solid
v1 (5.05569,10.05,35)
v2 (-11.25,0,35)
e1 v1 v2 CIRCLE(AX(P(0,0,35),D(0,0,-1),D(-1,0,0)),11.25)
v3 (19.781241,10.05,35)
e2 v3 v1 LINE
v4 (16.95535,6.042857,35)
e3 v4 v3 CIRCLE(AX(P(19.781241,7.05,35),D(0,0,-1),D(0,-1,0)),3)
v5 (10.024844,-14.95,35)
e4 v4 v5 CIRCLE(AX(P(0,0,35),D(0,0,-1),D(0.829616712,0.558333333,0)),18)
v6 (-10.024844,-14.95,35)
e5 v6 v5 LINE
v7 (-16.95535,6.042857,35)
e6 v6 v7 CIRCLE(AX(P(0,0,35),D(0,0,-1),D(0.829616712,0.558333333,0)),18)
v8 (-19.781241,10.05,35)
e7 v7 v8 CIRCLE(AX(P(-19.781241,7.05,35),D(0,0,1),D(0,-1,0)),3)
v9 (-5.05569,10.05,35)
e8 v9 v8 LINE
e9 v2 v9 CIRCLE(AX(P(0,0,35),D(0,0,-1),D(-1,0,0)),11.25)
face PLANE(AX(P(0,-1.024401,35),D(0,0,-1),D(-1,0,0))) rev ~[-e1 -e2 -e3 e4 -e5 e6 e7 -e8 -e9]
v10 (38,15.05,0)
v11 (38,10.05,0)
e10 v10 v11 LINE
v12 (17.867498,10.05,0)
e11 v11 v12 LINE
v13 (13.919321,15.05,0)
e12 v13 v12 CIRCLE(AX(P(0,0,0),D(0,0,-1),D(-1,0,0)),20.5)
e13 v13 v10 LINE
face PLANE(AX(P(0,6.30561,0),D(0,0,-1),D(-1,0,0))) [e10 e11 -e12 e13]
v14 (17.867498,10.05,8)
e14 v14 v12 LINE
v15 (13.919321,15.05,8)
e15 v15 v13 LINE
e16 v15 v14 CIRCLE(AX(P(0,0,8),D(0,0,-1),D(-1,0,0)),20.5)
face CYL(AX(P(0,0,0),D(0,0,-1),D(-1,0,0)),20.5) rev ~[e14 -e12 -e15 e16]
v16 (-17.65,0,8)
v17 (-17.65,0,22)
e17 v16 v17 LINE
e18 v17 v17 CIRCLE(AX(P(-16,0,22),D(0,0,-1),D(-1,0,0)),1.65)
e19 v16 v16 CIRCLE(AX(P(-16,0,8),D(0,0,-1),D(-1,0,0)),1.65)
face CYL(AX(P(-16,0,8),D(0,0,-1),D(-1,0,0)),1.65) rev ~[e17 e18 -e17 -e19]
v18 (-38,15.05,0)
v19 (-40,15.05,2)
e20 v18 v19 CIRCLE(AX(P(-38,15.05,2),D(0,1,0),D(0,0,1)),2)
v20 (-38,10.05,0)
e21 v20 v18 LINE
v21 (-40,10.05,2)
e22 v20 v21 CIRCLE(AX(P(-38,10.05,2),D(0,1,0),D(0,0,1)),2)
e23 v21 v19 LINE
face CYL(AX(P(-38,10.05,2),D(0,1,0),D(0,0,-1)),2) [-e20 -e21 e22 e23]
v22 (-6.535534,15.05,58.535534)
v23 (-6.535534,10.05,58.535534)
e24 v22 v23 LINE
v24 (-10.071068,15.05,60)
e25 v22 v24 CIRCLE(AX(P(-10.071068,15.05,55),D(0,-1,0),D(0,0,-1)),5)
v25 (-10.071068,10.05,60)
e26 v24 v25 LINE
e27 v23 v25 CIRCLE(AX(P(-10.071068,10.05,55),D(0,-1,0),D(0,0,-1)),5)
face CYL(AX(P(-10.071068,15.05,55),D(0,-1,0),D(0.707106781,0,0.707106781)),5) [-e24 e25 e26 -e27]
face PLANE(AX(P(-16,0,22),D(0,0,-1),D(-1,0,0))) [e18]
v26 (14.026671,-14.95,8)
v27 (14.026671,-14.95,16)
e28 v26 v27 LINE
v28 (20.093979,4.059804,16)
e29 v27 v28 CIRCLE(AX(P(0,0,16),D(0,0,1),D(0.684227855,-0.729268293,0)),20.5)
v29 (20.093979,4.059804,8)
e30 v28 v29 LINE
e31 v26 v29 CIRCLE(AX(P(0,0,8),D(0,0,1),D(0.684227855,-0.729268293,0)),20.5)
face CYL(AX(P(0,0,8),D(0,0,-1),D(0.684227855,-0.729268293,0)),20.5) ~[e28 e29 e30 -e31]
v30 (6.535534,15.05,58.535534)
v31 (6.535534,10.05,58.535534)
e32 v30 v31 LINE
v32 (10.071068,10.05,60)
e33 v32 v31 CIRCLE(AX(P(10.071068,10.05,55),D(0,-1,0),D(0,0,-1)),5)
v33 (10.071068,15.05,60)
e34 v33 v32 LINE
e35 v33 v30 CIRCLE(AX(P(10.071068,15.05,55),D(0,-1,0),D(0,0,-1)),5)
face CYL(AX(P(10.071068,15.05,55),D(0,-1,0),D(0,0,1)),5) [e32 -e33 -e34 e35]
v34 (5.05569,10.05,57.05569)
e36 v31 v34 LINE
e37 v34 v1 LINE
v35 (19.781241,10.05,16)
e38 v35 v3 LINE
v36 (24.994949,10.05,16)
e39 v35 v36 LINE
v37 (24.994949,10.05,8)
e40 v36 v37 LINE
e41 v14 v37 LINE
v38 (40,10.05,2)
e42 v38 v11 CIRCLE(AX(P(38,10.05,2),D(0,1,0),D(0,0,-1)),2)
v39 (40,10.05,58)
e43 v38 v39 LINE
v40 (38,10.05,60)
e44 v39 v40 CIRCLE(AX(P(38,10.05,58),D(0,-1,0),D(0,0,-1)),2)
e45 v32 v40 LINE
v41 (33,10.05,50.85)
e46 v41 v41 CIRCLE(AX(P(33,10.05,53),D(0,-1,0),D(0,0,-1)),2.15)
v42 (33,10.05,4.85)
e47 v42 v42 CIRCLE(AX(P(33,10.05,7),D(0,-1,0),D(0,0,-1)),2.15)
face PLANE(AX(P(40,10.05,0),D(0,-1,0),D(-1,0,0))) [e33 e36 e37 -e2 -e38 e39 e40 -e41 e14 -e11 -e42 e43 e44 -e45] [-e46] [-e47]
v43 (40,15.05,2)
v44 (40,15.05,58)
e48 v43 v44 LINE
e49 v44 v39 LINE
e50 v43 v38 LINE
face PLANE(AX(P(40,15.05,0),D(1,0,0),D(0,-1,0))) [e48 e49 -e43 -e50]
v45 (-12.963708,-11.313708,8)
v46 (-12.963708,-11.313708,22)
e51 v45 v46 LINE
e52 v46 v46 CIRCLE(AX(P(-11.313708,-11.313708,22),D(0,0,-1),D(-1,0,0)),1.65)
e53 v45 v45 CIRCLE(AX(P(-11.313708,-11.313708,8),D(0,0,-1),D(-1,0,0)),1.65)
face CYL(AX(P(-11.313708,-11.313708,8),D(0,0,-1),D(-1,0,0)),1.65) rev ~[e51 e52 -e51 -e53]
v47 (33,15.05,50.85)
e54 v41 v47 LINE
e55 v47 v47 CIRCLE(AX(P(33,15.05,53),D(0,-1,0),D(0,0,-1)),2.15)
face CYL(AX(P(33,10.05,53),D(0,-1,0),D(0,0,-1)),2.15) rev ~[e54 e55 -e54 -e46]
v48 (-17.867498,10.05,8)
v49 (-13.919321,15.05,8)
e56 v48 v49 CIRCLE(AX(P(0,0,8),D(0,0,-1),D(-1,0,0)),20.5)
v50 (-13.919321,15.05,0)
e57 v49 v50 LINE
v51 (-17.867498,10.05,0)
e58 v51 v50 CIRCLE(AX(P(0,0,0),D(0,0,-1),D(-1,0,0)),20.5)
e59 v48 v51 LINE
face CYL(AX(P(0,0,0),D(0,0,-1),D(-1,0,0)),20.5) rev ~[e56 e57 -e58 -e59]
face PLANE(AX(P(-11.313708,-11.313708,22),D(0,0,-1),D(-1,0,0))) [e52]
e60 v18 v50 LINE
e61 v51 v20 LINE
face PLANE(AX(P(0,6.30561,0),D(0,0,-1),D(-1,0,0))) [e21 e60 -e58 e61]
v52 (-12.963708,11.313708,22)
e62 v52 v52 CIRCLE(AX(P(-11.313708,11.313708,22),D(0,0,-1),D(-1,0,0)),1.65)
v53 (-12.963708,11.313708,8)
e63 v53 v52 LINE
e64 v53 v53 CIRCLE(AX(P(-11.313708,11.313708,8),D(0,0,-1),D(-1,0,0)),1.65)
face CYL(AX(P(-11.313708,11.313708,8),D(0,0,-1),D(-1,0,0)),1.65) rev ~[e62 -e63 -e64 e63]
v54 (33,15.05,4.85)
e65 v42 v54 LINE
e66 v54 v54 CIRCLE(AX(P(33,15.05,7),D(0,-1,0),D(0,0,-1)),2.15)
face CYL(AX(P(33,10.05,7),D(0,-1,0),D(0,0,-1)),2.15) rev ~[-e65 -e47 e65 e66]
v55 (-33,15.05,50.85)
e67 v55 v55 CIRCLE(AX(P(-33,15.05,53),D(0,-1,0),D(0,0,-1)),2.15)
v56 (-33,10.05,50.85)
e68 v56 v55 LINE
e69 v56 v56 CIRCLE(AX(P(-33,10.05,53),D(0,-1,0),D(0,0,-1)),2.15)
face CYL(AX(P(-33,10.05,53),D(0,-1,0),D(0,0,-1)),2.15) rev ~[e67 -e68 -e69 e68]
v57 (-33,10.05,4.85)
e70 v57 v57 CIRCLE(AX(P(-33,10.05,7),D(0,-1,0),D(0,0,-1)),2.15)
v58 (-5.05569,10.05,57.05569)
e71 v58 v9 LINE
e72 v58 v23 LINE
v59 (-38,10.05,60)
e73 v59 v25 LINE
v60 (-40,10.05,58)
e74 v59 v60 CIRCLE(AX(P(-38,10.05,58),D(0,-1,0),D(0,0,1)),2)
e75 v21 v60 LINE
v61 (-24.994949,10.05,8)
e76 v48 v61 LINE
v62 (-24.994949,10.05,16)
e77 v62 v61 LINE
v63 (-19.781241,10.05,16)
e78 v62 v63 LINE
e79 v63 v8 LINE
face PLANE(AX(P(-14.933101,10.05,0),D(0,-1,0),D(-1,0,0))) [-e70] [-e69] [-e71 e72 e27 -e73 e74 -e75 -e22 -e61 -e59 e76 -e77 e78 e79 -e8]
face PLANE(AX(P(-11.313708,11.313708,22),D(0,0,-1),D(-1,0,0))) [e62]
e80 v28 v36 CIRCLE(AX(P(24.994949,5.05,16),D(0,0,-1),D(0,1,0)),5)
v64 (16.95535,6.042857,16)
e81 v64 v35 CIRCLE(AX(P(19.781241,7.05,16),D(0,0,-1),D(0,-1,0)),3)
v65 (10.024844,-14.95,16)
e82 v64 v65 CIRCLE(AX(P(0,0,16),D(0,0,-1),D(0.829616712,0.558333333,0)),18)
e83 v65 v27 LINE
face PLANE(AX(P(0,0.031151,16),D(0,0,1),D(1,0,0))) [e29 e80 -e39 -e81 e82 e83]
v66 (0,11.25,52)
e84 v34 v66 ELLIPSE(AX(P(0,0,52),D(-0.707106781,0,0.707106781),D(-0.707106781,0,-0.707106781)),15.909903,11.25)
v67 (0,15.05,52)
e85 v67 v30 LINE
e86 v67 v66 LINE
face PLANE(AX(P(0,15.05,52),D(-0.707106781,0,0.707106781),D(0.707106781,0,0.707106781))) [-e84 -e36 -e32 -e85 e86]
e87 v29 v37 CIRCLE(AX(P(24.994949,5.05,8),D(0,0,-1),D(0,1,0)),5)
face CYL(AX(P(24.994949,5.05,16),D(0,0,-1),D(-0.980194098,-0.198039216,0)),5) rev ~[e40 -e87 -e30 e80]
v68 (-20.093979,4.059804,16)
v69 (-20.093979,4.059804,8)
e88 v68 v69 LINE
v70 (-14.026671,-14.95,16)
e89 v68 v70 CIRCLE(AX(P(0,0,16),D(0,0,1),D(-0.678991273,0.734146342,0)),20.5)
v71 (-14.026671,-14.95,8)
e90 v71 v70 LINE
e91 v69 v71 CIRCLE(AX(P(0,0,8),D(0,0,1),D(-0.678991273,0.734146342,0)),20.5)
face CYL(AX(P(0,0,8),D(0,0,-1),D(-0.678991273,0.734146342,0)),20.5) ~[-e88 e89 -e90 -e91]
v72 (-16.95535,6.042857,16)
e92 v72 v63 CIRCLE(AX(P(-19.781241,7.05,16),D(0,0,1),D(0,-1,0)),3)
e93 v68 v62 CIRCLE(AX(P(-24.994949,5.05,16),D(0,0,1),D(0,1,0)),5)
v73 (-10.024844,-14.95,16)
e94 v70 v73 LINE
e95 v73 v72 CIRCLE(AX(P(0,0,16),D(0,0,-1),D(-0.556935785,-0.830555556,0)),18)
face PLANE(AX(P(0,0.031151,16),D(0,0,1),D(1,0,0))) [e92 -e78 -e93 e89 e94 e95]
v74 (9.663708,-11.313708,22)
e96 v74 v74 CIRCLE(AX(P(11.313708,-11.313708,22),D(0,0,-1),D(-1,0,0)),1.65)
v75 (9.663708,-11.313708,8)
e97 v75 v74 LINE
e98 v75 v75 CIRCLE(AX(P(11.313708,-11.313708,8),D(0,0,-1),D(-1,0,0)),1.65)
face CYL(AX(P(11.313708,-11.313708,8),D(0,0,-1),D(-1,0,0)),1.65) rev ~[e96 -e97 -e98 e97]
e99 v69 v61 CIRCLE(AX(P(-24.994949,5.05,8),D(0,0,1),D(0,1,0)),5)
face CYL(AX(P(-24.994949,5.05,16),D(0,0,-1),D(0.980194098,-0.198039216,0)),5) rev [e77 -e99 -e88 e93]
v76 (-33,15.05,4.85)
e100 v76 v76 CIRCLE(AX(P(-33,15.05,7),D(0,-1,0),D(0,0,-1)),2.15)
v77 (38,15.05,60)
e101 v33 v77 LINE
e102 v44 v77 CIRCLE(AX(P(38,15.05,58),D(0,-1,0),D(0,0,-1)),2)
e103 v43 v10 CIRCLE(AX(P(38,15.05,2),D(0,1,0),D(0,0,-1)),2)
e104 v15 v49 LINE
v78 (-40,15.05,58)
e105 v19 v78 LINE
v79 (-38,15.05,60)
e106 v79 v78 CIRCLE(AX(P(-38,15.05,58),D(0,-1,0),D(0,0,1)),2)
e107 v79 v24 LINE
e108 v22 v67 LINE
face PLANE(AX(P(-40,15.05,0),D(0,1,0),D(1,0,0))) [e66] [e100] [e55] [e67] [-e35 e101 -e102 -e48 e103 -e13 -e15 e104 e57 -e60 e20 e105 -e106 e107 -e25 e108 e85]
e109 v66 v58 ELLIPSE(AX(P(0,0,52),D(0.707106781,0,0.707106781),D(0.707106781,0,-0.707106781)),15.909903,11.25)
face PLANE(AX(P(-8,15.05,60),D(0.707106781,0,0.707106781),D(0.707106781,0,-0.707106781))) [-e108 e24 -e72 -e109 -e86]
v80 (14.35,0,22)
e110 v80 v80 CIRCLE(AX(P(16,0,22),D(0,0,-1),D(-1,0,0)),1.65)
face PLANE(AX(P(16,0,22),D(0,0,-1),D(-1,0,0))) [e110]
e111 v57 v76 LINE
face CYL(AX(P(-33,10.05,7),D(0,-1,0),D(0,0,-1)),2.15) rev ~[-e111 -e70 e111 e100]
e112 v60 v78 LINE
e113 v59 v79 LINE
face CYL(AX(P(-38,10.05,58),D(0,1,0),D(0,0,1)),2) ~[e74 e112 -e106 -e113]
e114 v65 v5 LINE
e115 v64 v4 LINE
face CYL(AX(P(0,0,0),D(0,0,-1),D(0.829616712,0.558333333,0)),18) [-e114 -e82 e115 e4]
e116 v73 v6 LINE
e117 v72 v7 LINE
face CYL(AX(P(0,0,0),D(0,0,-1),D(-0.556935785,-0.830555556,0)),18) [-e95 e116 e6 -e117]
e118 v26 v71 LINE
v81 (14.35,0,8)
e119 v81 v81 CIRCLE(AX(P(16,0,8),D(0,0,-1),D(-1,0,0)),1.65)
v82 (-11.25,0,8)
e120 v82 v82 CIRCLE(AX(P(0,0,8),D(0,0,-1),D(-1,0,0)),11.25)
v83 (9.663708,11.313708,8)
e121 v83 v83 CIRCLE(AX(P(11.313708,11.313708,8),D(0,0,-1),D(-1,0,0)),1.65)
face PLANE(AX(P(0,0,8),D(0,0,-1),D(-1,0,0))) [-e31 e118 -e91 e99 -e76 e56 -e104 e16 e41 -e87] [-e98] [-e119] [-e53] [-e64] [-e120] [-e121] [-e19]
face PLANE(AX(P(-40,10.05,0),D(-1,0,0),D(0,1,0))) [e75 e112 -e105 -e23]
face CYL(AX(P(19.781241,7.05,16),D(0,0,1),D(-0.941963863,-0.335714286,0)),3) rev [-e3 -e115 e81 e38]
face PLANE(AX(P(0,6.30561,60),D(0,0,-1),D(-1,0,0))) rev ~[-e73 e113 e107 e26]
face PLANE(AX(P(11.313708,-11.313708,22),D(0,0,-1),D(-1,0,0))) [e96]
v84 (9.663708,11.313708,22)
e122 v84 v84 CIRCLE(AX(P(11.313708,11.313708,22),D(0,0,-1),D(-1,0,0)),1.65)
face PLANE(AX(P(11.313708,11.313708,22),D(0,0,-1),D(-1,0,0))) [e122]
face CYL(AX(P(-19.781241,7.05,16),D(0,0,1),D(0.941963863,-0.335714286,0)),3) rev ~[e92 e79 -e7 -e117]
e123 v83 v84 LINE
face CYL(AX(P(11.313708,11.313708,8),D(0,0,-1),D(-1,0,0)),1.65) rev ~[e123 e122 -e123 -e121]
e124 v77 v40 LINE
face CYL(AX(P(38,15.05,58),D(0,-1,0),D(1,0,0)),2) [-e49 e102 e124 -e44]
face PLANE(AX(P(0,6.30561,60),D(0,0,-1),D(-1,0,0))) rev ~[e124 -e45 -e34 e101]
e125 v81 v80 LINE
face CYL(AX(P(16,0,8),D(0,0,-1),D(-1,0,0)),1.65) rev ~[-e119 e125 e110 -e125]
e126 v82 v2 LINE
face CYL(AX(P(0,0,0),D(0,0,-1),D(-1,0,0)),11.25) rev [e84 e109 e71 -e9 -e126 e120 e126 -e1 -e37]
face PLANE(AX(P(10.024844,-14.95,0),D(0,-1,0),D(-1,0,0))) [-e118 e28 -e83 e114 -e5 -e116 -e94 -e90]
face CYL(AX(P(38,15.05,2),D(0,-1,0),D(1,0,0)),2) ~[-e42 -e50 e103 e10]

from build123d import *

# Parameters (mm, degrees)
SKETCH1_R           = 11.25
BOSS_EXTRUDE1_DEPTH = 60
SKETCH6_R           = 2.15
CUT_EXTRUDE5_DEPTH  = 77.321687612
CUT_EXTRUDE6_START  = -25
CUT_EXTRUDE6_DEPTH  = 25
FILLET3_R           = 2
CUT_EXTRUDE7_DEPTH  = 79.102496759
FILLET5_R           = 5
SKETCH9_R           = 20.5
CUT_EXTRUDE8_DEPTH  = 8
SKETCH10_R          = 11.25
BOSS_EXTRUDE2_DEPTH = 8
SKETCH12_R          = 1.65
CUT_EXTRUDE9_DEPTH  = 14
FILLET7_R           = 5
FILLET8_R           = 3


with BuildPart() as part:
    # Sketch1 → Boss-Extrude1 (new body)
    with BuildSketch(Plane.XY):
        with BuildLine():
            Line((-40, 15.05), (40, 15.05))
            Line((40, 15.05), (40, 10.05))
            Line((40, 10.05), (14.933100817, 10.05))
            ThreePointArc((14.933100817, 10.05), (17.662807084, -3.467743633), (10.024844138, -14.95))
            Line((10.024844138, -14.95), (-10.024844138, -14.95))
            ThreePointArc((-10.024844138, -14.95), (-17.662807084, -3.467743633), (-14.933100817, 10.05))
            Line((-14.933100817, 10.05), (-40, 10.05))
            Line((-40, 10.05), (-40, 15.05))
        make_face()
        with Locations(Location((0, 0, 0), (0, 0, 180))):
            Circle(SKETCH1_R, mode=Mode.SUBTRACT)
    extrude(amount=BOSS_EXTRUDE1_DEPTH)

    # Sketch6 → Cut-Extrude5 (cut, through all)
    with BuildSketch(Plane(origin=(0, 10.05, 0), x_dir=(-1, 0, 0), z_dir=(0, -1, 0))):
        with Locations(Location((33, -53, 0), (0, 0, 90))):
            Circle(SKETCH6_R)
        with Locations(Location((33, -7, 0), (0, 0, 90))):
            Circle(SKETCH6_R)
        with Locations(Location((-33, -53, 0), (0, 0, 90))):
            Circle(SKETCH6_R)
        with Locations(Location((-33, -7, 0), (0, 0, 90))):
            Circle(SKETCH6_R)
    extrude(amount=-CUT_EXTRUDE5_DEPTH, mode=Mode.SUBTRACT)

    # Sketch7 → Cut-Extrude6 (cut)
    with BuildSketch(Plane.XY.offset(60).offset(CUT_EXTRUDE6_START)):
        with BuildLine():
            Line((-14.933100817, 10.05), (14.933100817, 10.05))
            ThreePointArc((14.933100817, 10.05), (0, -18), (-14.933100817, 10.05))
        make_face()
    extrude(amount=CUT_EXTRUDE6_DEPTH, mode=Mode.SUBTRACT)

    # Fillet3
    fillet3_edges = [part.edges().sort_by_distance(p)[0] for p in [
        (-40, 12.55, 0),
        (40, 12.55, 60),
        (-40, 12.55, 60),
        (40, 12.55, 0),
    ]]
    fillet(fillet3_edges, radius=FILLET3_R)

    # Sketch8 → Cut-Extrude7 (cut, through all)
    with BuildSketch(Plane(origin=(0, 15.05, 0), x_dir=(1, 0, 0), z_dir=(0, 1, 0))):
        Polygon((0, -52), (8, -60), (-8, -60), align=None)
    extrude(amount=-CUT_EXTRUDE7_DEPTH, mode=Mode.SUBTRACT)

    # Fillet5
    fillet5_edges = [part.edges().sort_by_distance(p)[0] for p in [
        (-8, 12.55, 60),
        (8, 12.55, 60),
    ]]
    fillet(fillet5_edges, radius=FILLET5_R)

    # Sketch9 → Cut-Extrude8 (cut)
    with BuildSketch(Plane(origin=(0, 0, 0), x_dir=(-1, 0, 0), z_dir=(0, 0, -1))):
        Circle(SKETCH9_R)
    extrude(amount=-CUT_EXTRUDE8_DEPTH, mode=Mode.SUBTRACT)

    # Sketch10 → Boss-Extrude2 (add)
    with BuildSketch(Plane(origin=(0, 0, 8), x_dir=(-1, 0, 0), z_dir=(0, 0, -1))):
        with BuildLine():
            Line((-13.919321104, 15.05), (13.919321104, 15.05))
            ThreePointArc((13.919321104, 15.05), (20.499868756, 0.073355309), (14.026671023, -14.95))
            Line((14.026671023, -14.95), (-14.026671023, -14.95))
            ThreePointArc((-14.026671023, -14.95), (-20.499868756, 0.073355309), (-13.919321104, 15.05))
        make_face()
        Circle(SKETCH10_R, mode=Mode.SUBTRACT)
    extrude(amount=-BOSS_EXTRUDE2_DEPTH)

    # Sketch12 → Cut-Extrude9 (cut)
    with BuildSketch(Plane(origin=(0, 0, 8), x_dir=(-1, 0, 0), z_dir=(0, 0, -1))):
        with Locations((-16, 0)):
            Circle(SKETCH12_R)
        with Locations((-11.313708499, 11.313708499)):
            Circle(SKETCH12_R)
        with Locations((-11.313708499, -11.313708499)):
            Circle(SKETCH12_R)
        with Locations((11.313708499, -11.313708499)):
            Circle(SKETCH12_R)
        with Locations((16, 0)):
            Circle(SKETCH12_R)
        with Locations((11.313708499, 11.313708499)):
            Circle(SKETCH12_R)
    extrude(amount=-CUT_EXTRUDE9_DEPTH, mode=Mode.SUBTRACT)

    # Fillet7
    fillet7_edges = [part.edges().sort_by_distance(p)[0] for p in [
        (-17.867498426, 10.05, 12),
        (17.867498426, 10.05, 12),
    ]]
    fillet(fillet7_edges, radius=FILLET7_R)

    # Fillet8
    fillet8_edges = [part.edges().sort_by_distance(p)[0] for p in [
        (14.933100817, 10.05, 25.5),
        (-14.933100817, 10.05, 25.5),
    ]]
    fillet(fillet8_edges, radius=FILLET8_R)


solid = part.part
